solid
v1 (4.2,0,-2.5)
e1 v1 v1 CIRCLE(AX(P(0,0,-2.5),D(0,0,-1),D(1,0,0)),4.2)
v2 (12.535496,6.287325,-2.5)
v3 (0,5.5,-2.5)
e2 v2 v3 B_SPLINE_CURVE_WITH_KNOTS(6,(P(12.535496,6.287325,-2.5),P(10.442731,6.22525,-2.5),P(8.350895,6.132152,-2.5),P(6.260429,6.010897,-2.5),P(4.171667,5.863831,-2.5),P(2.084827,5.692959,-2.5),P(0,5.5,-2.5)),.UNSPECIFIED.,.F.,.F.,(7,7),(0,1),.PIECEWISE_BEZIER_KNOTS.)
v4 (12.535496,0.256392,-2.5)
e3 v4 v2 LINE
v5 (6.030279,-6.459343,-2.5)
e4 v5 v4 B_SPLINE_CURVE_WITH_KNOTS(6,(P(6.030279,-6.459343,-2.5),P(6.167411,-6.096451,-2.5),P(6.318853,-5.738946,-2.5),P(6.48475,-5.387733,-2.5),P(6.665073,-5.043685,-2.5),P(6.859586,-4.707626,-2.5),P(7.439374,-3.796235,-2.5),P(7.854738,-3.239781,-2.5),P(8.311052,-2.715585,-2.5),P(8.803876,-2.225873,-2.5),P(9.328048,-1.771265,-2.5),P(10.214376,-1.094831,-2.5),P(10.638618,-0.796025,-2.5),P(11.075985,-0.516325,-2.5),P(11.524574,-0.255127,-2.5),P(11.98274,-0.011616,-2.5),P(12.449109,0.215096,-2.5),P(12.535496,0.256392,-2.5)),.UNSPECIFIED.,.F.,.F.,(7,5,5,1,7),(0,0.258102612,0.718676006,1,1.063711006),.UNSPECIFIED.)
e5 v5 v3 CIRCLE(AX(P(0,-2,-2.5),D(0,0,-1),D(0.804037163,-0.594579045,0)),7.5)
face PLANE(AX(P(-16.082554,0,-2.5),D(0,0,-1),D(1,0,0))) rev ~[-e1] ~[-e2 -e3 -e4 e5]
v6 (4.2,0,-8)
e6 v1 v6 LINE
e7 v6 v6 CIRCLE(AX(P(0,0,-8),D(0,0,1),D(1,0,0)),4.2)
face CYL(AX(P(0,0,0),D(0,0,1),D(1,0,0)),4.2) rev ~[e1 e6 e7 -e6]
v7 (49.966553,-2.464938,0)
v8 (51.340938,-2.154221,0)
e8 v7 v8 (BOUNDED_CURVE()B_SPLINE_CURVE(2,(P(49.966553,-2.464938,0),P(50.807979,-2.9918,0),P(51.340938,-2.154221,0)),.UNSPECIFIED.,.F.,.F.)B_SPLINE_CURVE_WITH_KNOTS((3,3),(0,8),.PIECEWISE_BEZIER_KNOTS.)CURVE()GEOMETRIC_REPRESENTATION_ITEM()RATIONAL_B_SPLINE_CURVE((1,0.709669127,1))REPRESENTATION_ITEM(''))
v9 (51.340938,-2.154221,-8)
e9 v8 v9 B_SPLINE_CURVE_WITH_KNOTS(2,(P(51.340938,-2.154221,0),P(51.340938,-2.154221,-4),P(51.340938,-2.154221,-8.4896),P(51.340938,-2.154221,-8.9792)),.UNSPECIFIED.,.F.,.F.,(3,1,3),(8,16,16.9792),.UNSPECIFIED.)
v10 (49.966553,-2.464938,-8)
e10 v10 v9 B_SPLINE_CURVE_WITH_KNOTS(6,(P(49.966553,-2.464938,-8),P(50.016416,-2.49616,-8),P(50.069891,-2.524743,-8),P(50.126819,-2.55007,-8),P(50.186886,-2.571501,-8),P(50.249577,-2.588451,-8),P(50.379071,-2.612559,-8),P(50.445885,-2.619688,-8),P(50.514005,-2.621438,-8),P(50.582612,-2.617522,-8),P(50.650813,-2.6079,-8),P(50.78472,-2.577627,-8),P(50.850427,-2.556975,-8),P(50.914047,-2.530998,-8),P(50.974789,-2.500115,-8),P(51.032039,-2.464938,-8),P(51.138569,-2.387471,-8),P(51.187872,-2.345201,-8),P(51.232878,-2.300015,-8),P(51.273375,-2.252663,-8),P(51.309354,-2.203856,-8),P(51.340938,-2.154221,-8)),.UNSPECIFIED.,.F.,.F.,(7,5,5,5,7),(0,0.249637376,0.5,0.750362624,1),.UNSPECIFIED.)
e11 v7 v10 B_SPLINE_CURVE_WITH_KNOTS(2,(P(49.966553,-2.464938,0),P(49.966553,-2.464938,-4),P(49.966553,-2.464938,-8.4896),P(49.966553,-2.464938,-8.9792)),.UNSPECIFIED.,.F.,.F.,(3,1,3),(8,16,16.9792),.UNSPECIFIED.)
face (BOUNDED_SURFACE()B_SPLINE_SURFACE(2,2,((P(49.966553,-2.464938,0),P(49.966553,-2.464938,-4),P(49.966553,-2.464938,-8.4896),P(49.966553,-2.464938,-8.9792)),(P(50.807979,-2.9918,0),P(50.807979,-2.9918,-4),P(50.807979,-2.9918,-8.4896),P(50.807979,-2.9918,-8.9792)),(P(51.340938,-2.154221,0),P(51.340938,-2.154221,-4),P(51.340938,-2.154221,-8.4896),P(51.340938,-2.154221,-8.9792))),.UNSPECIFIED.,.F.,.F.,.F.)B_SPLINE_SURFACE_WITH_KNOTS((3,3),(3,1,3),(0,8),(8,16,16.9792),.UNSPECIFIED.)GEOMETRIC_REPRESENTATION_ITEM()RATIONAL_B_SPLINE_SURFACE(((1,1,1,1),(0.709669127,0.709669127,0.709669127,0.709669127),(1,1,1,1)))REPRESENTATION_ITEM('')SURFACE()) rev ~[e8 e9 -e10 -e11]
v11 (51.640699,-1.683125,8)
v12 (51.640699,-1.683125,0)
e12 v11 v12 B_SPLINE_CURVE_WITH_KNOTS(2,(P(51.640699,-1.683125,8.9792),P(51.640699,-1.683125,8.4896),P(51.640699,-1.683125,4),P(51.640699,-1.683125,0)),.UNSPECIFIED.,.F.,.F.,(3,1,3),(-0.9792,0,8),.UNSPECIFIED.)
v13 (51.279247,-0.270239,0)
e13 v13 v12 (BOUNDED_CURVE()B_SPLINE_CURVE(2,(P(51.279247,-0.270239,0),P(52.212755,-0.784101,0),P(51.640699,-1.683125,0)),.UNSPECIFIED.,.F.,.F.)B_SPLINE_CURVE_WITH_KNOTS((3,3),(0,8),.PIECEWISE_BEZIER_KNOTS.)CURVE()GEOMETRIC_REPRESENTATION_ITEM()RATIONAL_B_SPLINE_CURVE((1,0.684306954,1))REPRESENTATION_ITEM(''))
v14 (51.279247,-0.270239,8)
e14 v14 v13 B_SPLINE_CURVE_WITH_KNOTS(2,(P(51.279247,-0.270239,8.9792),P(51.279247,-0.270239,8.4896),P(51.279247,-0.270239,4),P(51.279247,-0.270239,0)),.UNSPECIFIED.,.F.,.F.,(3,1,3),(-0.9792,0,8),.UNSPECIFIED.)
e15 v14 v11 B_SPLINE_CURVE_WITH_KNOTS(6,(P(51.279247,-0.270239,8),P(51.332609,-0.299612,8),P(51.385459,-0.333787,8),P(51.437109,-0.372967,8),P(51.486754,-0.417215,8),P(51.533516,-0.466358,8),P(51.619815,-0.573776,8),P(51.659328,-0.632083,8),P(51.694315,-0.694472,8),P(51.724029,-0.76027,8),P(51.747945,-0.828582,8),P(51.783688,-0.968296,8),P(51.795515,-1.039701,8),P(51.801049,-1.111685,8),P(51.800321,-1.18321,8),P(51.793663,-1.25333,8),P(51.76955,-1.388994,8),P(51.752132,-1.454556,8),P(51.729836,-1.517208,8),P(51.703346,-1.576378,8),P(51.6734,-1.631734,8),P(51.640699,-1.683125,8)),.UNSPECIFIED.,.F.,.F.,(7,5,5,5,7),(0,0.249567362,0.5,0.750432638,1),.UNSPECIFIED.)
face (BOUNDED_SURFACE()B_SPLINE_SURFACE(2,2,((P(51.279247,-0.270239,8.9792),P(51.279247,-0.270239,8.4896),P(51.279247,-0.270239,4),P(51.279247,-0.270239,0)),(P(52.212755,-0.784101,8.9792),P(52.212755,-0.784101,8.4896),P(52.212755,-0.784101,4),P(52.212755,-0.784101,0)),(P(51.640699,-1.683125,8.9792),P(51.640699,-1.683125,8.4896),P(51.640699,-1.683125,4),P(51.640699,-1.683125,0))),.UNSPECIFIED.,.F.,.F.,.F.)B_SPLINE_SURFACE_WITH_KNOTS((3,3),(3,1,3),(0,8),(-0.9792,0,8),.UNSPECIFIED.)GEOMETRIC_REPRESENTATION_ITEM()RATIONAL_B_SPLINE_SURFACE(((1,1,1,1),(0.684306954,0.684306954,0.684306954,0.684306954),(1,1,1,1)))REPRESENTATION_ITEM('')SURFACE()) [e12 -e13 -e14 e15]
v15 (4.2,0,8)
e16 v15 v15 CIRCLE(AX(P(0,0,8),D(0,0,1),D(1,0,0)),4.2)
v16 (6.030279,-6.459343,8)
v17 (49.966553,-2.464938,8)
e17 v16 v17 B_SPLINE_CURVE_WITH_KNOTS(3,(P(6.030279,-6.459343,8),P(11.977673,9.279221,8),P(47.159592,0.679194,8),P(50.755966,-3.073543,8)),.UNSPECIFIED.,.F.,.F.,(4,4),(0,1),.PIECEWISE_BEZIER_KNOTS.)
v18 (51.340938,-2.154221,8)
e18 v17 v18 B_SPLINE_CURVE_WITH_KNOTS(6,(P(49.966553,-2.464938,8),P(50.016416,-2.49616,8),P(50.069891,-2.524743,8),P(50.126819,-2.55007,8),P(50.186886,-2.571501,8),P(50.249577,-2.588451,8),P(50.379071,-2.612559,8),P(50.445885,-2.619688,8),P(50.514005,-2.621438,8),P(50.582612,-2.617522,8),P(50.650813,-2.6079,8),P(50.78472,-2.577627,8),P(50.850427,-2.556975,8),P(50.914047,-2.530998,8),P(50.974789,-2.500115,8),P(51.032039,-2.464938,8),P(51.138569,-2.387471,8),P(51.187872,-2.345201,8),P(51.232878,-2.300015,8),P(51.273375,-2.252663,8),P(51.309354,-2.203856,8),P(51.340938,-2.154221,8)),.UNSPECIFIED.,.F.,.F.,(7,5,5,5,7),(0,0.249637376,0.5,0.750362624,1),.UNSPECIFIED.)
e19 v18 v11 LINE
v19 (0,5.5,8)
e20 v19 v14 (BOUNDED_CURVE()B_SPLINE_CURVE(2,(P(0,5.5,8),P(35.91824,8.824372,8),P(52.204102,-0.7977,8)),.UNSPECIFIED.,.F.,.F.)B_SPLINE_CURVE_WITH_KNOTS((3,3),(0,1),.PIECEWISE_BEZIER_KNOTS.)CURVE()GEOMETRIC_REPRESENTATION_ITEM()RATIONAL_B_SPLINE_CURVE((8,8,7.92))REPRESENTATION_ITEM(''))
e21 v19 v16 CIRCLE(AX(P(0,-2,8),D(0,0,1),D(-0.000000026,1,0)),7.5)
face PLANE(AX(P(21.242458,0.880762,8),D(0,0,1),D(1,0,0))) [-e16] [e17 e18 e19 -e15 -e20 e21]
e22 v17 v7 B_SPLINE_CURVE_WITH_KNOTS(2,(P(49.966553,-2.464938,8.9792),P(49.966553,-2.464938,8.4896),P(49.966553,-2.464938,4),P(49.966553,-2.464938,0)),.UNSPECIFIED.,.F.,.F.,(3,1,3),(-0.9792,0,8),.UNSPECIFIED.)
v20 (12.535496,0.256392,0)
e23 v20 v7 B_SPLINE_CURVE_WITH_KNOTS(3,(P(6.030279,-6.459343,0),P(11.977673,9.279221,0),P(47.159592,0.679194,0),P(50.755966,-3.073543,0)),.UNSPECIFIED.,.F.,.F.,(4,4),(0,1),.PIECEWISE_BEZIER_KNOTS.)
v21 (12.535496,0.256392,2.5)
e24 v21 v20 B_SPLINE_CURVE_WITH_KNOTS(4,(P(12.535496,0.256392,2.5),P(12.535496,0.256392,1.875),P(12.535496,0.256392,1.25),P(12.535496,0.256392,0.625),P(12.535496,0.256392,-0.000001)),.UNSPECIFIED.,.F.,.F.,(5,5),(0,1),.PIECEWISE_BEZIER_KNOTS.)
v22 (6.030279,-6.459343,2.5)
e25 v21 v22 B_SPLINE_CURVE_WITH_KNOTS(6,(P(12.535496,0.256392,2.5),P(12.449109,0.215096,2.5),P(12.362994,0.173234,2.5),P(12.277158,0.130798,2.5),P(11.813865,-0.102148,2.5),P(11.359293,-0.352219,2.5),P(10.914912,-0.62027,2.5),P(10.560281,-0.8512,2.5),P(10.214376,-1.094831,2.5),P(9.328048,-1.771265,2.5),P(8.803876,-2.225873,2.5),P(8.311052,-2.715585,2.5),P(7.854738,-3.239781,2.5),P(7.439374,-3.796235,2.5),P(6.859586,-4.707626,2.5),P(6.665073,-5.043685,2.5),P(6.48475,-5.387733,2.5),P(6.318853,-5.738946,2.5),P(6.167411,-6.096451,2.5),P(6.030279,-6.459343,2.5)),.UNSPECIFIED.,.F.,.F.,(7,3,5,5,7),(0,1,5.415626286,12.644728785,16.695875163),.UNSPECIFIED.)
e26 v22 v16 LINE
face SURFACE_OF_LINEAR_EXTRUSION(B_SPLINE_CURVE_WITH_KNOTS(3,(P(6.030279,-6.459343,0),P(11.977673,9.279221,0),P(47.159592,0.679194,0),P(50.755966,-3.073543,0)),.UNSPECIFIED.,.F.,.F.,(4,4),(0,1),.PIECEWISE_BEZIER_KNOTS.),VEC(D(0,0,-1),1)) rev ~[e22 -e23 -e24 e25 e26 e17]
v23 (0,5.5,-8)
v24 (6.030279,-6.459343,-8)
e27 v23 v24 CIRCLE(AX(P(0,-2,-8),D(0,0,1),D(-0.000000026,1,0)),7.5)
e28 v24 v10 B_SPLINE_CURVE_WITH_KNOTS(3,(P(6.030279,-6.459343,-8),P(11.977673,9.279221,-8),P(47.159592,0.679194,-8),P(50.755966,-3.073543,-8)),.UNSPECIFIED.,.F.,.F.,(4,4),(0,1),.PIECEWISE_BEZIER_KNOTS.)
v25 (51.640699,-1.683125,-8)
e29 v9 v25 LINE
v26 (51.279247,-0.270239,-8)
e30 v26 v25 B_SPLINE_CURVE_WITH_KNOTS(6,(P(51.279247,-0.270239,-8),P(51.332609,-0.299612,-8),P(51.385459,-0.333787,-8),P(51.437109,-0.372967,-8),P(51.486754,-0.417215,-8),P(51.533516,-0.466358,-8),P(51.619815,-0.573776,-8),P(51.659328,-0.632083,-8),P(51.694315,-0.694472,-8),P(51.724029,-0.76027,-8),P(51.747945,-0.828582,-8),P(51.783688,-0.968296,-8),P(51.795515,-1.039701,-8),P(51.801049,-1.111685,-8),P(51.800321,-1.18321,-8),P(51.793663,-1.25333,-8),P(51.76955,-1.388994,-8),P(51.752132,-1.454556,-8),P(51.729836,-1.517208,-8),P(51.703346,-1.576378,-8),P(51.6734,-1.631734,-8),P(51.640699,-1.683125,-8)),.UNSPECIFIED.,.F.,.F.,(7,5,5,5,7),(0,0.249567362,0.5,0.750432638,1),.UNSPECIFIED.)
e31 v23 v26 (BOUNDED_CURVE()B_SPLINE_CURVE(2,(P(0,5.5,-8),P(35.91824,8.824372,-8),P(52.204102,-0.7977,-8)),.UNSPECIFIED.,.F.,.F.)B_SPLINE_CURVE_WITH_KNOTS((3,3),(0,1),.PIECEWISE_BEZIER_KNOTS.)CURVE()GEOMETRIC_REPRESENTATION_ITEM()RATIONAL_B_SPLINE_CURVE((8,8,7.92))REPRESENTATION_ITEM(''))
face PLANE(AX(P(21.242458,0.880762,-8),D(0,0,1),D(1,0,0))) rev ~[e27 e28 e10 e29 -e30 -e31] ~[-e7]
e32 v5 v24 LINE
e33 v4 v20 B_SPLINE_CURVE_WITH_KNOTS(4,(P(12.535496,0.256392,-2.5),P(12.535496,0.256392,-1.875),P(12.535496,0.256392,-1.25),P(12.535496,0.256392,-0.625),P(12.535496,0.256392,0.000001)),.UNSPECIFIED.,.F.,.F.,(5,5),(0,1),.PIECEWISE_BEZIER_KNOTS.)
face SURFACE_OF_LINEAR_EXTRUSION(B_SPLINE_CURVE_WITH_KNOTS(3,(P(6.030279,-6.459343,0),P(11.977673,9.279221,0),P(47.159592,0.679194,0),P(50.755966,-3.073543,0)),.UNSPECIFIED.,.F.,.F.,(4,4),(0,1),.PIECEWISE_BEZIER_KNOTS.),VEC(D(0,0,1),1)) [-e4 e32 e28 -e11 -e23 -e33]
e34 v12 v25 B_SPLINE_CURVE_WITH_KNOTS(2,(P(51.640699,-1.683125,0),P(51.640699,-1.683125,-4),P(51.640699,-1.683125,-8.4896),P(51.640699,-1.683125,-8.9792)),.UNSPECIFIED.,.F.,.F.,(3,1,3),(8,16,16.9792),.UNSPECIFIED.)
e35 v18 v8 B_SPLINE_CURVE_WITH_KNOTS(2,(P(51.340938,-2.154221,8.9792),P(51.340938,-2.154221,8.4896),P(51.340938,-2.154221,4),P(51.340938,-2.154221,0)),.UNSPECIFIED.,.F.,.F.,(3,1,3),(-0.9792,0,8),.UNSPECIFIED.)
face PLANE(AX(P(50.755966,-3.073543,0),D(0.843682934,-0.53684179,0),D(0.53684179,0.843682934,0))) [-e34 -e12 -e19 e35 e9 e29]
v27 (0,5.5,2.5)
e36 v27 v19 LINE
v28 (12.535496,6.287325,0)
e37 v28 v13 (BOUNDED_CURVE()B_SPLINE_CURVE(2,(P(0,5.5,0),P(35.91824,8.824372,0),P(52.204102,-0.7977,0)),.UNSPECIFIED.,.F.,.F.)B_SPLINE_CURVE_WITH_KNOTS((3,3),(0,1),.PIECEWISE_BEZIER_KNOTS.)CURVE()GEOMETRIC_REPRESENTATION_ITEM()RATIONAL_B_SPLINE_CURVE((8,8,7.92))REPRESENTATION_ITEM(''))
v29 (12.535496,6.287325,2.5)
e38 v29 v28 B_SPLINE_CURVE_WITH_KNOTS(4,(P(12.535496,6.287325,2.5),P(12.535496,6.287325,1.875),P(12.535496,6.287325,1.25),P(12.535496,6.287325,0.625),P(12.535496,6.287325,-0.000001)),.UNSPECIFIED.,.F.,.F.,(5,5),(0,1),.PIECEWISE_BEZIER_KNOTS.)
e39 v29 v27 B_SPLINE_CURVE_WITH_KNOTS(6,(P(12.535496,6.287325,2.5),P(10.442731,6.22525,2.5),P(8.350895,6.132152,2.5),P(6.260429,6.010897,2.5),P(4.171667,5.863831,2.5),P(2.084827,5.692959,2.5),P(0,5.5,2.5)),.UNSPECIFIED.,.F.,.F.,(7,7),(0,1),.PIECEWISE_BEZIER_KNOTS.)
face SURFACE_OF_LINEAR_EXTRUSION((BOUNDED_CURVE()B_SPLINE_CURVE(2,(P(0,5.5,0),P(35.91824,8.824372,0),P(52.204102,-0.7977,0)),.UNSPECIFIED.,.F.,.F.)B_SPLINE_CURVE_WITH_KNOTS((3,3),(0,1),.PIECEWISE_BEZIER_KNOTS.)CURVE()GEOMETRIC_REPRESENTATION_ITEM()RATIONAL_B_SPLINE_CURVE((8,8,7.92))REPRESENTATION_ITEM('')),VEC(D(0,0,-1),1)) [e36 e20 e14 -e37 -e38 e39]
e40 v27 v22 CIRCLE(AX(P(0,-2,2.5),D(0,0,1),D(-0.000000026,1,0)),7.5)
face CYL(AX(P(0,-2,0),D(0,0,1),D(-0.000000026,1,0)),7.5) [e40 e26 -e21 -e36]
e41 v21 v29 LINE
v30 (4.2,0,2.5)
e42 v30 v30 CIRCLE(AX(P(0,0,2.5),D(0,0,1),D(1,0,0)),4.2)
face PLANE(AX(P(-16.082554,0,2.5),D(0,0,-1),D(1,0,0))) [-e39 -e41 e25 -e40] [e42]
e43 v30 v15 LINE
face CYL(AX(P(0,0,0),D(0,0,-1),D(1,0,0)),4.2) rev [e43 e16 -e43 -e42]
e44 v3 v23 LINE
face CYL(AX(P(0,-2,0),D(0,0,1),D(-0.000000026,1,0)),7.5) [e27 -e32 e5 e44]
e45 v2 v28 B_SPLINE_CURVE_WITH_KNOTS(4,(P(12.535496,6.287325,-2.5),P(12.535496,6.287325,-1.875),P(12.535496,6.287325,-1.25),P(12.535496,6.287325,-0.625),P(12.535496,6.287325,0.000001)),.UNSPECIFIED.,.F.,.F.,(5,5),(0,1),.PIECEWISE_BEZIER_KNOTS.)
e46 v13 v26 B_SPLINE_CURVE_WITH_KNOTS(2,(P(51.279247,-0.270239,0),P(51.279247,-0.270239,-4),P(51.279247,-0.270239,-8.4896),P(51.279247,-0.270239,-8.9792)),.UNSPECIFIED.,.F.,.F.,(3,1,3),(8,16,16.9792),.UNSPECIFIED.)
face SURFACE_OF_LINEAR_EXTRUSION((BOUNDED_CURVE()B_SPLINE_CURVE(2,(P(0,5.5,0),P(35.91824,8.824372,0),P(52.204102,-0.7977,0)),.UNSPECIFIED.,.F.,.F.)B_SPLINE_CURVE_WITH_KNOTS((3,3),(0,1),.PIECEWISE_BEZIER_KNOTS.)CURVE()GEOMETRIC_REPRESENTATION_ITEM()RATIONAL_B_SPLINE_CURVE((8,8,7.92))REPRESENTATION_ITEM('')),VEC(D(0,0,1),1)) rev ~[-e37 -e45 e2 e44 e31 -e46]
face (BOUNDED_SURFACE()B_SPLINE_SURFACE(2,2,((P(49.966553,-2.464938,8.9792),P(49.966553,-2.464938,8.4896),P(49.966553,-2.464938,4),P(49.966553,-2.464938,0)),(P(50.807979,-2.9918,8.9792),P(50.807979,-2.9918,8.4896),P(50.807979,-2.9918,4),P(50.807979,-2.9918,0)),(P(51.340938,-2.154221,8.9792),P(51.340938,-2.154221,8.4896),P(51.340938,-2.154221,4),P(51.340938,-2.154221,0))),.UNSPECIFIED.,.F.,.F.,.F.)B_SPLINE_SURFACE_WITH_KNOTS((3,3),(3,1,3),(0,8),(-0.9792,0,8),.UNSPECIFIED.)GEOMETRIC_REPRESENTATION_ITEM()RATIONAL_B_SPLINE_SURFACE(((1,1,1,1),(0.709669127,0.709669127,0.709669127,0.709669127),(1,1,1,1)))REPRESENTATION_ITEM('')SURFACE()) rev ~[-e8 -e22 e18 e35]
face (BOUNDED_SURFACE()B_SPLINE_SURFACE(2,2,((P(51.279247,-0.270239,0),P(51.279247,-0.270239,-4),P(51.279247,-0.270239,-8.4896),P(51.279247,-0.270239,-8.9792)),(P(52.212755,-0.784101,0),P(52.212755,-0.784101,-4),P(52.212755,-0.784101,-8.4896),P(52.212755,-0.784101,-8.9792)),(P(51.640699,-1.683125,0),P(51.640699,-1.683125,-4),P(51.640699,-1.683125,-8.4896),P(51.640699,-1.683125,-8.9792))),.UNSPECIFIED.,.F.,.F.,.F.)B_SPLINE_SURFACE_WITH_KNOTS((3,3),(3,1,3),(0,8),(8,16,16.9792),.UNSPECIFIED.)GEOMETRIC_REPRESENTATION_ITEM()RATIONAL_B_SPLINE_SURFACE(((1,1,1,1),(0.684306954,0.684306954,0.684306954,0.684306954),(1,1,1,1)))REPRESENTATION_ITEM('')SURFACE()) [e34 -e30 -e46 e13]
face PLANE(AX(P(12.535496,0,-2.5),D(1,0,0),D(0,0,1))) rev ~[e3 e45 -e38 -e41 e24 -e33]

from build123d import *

# Parameters (mm, degrees)
SKETCH_R          = 4.2
PAD_DEPTH         = 8
FILLET_R          = 1
SKETCH001_W       = 28.61805
SKETCH001_H       = 5
POCKET_DEPTH      = 6.359373
POCKET_DEPTH_BACK = -9.501


with BuildPart() as part:
    # Sketch → Pad (new body, symmetric)
    with BuildSketch(Plane.XY):
        with BuildLine():
            ThreePointArc((0, 5.5), (-6.69683, -5.376754), (6.030279, -6.459343))
            add(Edge.make_bspline(
                [(6.030279, -6.459343), (11.977673, 9.279221), (47.159592, 0.679194), (50.755966, -3.073543)],
                knots=[0, 0, 0, 0, 1, 1, 1, 1], degree=3))
            Line((50.755966, -3.073543), (52.204102, -0.7977))
            add(Edge.make_bspline(
                [(0, 5.5), (35.91824, 8.824372), (52.204102, -0.7977)],
                knots=[0, 0, 0, 1, 1, 1], degree=2, weights=[8, 8, 7.92]))
        make_face()
        Circle(SKETCH_R, mode=Mode.SUBTRACT)
    extrude(amount=PAD_DEPTH, both=True)

    # Fillet
    fillet_edges = [part.edges().sort_by_distance(p)[0] for p in [
        (50.755966, -3.073543, 0),
        (52.204102, -0.7977, 0),
    ]]
    fillet(fillet_edges, radius=FILLET_R)

    # Sketch001 → Pocket (cut, two sides)
    with BuildSketch(Plane.XZ) as pocket_sk:
        with Locations((-1.773529, 0)):
            Rectangle(SKETCH001_W, SKETCH001_H)
    extrude(amount=-POCKET_DEPTH, mode=Mode.SUBTRACT)
    extrude(pocket_sk.sketch, amount=-POCKET_DEPTH_BACK, mode=Mode.SUBTRACT)


solid = part.part
